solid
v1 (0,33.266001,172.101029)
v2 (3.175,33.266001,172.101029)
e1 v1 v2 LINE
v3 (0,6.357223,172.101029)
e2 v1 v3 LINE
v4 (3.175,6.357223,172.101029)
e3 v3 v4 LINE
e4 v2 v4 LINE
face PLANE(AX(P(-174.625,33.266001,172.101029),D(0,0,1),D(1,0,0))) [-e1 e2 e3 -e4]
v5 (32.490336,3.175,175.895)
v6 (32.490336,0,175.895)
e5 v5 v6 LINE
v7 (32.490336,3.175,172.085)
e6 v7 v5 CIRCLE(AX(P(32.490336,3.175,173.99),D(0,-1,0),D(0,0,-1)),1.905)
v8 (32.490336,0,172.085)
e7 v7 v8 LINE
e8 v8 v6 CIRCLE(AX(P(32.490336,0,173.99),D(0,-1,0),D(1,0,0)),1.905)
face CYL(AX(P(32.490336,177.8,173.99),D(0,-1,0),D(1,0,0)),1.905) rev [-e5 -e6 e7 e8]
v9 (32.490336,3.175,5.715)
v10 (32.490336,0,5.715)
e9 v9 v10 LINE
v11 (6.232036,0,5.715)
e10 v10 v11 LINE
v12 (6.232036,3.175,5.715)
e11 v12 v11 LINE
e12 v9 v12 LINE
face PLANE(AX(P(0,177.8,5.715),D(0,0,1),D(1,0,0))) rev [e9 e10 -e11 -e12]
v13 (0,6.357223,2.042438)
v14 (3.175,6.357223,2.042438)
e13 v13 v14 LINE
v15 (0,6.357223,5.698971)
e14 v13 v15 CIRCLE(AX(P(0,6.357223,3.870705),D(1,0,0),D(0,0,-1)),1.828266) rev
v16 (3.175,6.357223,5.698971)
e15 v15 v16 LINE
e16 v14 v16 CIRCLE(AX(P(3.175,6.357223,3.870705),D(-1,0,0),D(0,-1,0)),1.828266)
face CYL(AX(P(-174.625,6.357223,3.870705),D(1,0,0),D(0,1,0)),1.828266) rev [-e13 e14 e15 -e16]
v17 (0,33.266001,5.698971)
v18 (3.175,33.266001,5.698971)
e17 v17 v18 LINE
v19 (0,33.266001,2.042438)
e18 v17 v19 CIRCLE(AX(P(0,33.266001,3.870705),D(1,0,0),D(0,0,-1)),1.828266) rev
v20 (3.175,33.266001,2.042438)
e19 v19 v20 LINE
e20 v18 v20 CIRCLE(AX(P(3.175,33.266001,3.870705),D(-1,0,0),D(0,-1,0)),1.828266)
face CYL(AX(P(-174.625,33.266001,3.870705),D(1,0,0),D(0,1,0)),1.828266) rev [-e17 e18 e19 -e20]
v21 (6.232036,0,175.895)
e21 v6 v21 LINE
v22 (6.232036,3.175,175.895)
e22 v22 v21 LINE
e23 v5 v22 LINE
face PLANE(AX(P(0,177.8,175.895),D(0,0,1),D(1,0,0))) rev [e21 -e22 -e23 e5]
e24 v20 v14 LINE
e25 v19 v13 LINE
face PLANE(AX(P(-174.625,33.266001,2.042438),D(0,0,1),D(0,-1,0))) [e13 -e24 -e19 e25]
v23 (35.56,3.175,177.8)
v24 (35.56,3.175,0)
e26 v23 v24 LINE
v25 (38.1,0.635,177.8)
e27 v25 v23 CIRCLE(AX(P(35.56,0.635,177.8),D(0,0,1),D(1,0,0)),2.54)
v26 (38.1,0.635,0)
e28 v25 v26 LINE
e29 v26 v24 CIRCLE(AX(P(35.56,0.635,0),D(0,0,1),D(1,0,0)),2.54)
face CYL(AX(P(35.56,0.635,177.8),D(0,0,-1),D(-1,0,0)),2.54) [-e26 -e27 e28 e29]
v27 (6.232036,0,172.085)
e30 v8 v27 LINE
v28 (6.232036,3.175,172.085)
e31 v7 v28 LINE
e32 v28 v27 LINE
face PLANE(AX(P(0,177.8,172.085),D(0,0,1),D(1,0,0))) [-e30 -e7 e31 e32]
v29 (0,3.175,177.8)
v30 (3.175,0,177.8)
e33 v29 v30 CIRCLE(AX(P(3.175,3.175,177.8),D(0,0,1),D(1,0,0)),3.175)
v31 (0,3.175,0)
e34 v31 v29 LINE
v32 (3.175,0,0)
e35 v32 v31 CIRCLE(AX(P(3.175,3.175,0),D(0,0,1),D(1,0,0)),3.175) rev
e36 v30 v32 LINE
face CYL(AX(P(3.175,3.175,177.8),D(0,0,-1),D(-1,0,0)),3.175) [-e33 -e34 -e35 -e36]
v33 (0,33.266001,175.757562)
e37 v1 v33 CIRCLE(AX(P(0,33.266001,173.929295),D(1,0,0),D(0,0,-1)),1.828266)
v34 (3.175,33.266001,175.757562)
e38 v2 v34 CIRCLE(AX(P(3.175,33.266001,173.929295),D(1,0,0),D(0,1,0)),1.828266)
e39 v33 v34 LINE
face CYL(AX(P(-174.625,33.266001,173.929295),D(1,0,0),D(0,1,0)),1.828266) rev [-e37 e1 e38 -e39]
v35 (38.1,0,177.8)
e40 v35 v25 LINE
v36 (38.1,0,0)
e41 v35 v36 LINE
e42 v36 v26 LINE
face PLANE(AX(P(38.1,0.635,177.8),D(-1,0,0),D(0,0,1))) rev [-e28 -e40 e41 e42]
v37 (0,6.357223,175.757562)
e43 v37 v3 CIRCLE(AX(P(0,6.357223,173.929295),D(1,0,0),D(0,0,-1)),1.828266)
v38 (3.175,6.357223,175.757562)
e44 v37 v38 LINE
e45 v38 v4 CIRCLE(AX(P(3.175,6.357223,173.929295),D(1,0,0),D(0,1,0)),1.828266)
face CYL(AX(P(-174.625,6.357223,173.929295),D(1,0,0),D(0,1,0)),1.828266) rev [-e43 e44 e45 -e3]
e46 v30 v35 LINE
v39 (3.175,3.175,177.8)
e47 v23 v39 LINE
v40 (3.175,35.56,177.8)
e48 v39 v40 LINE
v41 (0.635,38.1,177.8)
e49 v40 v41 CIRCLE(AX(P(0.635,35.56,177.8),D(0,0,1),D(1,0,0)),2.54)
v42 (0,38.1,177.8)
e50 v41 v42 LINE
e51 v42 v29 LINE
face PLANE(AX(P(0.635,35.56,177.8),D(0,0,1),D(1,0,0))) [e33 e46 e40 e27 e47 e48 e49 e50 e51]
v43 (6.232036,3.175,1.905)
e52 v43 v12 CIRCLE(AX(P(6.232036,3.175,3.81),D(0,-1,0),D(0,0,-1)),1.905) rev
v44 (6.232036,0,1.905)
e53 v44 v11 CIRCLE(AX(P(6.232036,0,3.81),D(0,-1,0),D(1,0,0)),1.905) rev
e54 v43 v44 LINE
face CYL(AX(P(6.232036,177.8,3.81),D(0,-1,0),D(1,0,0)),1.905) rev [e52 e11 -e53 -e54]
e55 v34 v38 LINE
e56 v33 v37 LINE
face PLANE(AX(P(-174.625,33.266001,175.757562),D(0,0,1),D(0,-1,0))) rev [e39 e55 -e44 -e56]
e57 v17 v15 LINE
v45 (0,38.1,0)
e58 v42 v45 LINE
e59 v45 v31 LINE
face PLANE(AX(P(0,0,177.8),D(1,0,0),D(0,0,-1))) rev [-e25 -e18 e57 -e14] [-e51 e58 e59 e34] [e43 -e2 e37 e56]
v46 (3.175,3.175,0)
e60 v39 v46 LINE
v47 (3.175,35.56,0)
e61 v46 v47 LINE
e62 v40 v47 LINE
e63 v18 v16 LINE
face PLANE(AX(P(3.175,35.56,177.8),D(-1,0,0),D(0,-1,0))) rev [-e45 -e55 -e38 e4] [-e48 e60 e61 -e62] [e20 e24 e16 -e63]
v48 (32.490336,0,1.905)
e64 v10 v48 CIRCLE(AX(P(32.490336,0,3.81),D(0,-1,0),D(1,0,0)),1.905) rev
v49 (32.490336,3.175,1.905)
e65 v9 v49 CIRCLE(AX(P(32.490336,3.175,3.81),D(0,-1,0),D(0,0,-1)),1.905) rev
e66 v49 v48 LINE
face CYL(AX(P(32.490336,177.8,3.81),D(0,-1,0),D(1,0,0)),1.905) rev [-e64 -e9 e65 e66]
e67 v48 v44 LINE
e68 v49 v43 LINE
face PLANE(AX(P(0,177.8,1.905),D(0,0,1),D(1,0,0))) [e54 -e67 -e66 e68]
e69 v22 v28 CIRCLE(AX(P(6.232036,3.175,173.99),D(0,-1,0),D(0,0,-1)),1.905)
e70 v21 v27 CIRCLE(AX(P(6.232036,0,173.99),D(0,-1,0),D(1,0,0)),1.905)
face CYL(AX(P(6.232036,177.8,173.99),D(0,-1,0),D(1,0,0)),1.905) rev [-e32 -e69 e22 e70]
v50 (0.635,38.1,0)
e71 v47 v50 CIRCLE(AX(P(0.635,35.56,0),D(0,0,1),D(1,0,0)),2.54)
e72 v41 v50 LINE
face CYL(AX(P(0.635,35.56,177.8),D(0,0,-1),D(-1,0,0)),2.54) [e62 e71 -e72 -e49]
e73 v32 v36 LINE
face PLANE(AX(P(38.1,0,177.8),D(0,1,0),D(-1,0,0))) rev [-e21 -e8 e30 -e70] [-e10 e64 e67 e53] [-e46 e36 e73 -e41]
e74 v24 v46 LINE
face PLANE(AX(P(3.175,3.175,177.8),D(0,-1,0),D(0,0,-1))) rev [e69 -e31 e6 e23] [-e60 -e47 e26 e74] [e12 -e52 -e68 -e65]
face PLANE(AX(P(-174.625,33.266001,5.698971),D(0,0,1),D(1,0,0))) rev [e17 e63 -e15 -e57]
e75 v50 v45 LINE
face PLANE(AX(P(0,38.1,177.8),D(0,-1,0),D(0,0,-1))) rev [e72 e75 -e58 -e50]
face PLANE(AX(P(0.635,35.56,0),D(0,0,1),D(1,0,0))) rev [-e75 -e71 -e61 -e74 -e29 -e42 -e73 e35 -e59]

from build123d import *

# Parameters (mm, degrees)
BOSS_EXTRUDE1_DEPTH = 177.8
FILLET1_R           = 3.175
CUT_EXTRUDE2_DEPTH  = 177.8
CUT_EXTRUDE6_DEPTH  = 177.8


with BuildPart() as part:
    # Sketch1 → Boss-Extrude1 (new body)
    with BuildSketch(Plane.XY):
        with BuildLine():
            Line((0, 0), (0, 38.1))
            Line((0, 38.1), (0.635, 38.1))
            ThreePointArc((0.635, 38.1), (2.431051224, 37.356051224), (3.175, 35.56))
            Line((3.175, 35.56), (3.175, 3.175))
            Line((3.175, 3.175), (35.56, 3.175))
            ThreePointArc((35.56, 3.175), (37.356051224, 2.431051224), (38.1, 0.635))
            Line((38.1, 0.635), (38.1, 0))
            Line((38.1, 0), (0, 0))
        make_face()
    extrude(amount=BOSS_EXTRUDE1_DEPTH)

    # Fillet1
    fillet1_edges = [part.edges().sort_by_distance(p)[0] for p in [
        (0, 0, 88.9),
    ]]
    fillet(fillet1_edges, radius=FILLET1_R)

    # Sketch2 → Cut-Extrude2 (cut)
    with BuildSketch(Plane(origin=(3.175, 0, 0), x_dir=(0, 0, -1), z_dir=(1, 0, 0))):
        with BuildLine():
            Line((-172.101028795, 33.266000832), (-172.101028795, 6.35722327))
            ThreePointArc((-172.101028795, 6.35722327), (-173.92929525, 4.528956814), (-175.757561706, 6.35722327))
            Line((-175.757561706, 6.35722327), (-175.757561706, 33.266000832))
            ThreePointArc((-175.757561706, 33.266000832), (-173.92929525, 35.094267287), (-172.101028795, 33.266000832))
        make_face()
        with BuildLine():
            Line((-5.698971205, 33.266000832), (-5.698971205, 6.35722327))
            ThreePointArc((-5.698971205, 6.35722327), (-3.87070475, 4.528956814), (-2.042438294, 6.35722327))
            Line((-2.042438294, 6.35722327), (-2.042438294, 33.266000832))
            ThreePointArc((-2.042438294, 33.266000832), (-3.87070475, 35.094267287), (-5.698971205, 33.266000832))
        make_face()
    extrude(amount=-CUT_EXTRUDE2_DEPTH, mode=Mode.SUBTRACT)

    # Sketch6 → Cut-Extrude6 (cut)
    with BuildSketch(Plane.XZ):
        with BuildLine():
            Line((32.490336277, 175.895), (6.232036019, 175.895))
            ThreePointArc((6.232036019, 175.895), (4.327036019, 173.99), (6.232036019, 172.085))
            Line((6.232036019, 172.085), (32.490336277, 172.085))
            ThreePointArc((32.490336277, 172.085), (34.395336277, 173.99), (32.490336277, 175.895))
        make_face()
        with BuildLine():
            ThreePointArc((6.232036019, 1.905), (4.327036019, 3.81), (6.232036019, 5.715))
            Line((6.232036019, 5.715), (32.490336277, 5.715))
            ThreePointArc((32.490336277, 5.715), (34.395336277, 3.81), (32.490336277, 1.905))
            Line((32.490336277, 1.905), (6.232036019, 1.905))
        make_face()
    extrude(amount=-CUT_EXTRUDE6_DEPTH, mode=Mode.SUBTRACT)


solid = part.part
